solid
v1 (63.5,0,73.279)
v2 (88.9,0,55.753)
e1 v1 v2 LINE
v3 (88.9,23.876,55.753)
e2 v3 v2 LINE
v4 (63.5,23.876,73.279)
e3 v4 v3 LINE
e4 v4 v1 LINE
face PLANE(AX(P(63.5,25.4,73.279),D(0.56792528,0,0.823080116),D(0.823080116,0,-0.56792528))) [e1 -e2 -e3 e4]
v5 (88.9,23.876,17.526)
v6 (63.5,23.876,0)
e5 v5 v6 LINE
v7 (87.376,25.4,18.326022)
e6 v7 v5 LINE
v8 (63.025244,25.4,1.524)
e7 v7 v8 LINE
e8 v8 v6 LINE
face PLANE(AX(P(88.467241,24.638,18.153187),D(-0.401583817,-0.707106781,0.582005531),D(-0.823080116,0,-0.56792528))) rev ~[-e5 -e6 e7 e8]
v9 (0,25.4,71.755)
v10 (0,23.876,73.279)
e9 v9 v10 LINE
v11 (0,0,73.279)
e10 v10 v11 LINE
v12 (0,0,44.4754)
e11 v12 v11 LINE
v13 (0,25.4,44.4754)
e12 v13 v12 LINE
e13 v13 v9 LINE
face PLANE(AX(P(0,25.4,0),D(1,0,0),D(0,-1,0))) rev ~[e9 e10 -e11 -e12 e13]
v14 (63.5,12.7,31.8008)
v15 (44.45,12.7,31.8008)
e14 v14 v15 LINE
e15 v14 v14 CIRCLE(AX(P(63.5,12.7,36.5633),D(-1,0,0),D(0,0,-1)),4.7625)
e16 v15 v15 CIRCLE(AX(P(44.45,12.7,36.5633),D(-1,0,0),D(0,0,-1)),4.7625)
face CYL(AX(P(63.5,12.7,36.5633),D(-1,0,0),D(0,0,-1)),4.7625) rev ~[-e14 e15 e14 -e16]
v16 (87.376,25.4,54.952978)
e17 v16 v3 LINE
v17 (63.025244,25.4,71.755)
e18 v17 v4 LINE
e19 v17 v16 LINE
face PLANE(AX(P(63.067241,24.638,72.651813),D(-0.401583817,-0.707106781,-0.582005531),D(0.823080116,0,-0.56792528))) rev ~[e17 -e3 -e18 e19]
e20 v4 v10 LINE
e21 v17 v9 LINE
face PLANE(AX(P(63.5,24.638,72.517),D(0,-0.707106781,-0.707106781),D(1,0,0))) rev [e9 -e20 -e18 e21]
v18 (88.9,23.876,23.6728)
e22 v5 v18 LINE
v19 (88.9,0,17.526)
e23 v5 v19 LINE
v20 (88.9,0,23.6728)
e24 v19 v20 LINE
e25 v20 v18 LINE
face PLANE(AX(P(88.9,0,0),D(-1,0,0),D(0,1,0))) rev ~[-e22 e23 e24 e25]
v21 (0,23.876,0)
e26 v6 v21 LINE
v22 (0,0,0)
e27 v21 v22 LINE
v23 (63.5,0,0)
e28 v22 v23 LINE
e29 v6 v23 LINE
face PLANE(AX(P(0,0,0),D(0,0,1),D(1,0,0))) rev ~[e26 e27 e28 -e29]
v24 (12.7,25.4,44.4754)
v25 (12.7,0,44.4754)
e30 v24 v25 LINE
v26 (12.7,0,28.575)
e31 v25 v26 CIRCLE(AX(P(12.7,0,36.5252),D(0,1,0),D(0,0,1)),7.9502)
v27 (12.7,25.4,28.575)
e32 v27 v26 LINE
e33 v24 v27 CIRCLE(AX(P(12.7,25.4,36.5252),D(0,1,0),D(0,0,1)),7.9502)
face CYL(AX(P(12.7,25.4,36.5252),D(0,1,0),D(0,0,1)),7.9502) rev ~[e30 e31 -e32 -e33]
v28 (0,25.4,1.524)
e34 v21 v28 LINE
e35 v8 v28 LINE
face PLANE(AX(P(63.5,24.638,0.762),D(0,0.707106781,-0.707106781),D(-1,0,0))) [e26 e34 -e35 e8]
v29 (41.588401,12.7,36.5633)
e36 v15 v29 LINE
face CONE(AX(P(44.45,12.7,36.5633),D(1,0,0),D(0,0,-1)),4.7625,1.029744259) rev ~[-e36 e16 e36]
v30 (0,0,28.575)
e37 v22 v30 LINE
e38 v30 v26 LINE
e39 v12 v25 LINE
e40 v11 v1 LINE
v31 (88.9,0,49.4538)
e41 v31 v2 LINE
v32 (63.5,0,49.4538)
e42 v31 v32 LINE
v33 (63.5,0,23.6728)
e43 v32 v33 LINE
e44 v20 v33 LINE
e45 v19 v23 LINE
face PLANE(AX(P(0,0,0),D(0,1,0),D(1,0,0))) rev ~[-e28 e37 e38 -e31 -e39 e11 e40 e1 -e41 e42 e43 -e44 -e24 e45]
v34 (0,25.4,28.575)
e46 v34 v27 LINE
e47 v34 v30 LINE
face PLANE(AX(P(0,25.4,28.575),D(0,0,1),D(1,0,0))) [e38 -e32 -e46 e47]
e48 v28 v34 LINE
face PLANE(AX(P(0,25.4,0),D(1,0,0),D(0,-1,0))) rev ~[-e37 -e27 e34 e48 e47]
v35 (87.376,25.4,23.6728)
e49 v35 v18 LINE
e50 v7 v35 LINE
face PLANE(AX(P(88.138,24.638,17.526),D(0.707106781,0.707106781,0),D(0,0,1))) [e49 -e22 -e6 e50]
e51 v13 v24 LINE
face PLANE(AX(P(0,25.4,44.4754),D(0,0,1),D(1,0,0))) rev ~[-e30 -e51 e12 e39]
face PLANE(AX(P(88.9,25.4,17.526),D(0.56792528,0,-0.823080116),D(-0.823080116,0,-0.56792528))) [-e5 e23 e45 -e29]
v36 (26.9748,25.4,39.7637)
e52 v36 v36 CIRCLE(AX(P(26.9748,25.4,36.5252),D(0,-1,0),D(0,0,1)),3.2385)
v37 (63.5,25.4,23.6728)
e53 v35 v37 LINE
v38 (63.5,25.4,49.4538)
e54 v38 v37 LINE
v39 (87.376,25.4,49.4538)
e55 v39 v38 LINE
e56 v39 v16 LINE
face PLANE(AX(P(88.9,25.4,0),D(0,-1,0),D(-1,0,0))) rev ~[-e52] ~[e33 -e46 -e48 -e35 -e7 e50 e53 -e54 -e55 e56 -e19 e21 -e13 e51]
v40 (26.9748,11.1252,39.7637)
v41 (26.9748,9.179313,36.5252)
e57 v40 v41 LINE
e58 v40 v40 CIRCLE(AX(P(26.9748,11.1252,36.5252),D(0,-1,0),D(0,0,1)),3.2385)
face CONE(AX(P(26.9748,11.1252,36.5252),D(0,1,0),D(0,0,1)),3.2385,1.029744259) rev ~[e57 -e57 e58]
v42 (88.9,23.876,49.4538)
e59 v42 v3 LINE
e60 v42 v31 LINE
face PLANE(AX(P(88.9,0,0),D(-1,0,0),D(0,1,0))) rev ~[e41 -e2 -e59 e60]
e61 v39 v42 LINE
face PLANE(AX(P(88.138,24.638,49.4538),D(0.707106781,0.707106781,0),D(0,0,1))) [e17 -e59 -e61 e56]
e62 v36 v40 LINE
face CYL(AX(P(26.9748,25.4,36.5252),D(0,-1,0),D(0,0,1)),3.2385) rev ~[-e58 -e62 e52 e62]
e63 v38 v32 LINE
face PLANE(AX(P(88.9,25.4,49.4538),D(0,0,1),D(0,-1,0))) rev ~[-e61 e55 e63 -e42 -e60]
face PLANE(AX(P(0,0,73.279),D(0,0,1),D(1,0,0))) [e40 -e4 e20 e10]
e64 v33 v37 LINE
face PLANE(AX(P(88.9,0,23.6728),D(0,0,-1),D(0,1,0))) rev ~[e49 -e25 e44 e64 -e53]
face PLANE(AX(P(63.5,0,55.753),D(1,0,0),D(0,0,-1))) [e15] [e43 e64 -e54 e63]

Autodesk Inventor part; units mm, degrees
ref_plane "YZ Plane" through (0, 0, 0) normal (1, 0, 0) x (0, 1, 0)
ref_plane "XZ Plane" through (0, 0, 0) normal (0, 1, 0) x (-1, 0, 0)
ref_plane "XY Plane" through (0, 0, 0) normal (0, 0, 1) x (1, 0, 0)
sketch "Sketch1" plane through (0, 0, 0) normal (0, 0, 1) x (1, 0, 0)
  line L0 (0, 0) -> (88.9, 0)
  line L1 (88.9, 0) -> (88.9, 25.4)
  line L2 (88.9, 25.4) -> (0, 25.4)
  line L3 (0, 25.4) -> (0, 0)
  dimension "d0" = 25.4
  dimension "d1" = 88.9
extrude "Extrusion1" add sketch "Sketch1" along normal blind 73.279
sketch "Sketch2" plane through (0, 25.4, 0) normal (0, 1, 0) x (1, 0, 0)
  line L0 (0, -44.4754) -> (0, -28.575)
  line L1 (0, -28.575) -> (12.7, -28.575)
  line L2 (0, -44.4754) -> (12.7, -44.4754)
  arc A0 (12.7, -44.4754) -> (12.7, -28.575) centre (12.7, -36.5252) ccw
  line L3 (88.9, 0) -> (0, 0) projected
  line L4 (0, 0) -> (0, -73.279) projected
  dimension "d5" = 36.5252
  dimension "d6" = 7.9502
  dimension "d7" = 12.7
  dimension "d8" = 0
  dimension "d9" = 12.7
  dimension "d10" = 12.7
extrude "Extrusion2" cut sketch "Sketch2" against normal blind 73.279
sketch "Sketch3" plane through (0, 25.4, 0) normal (0, 1, 0) x (1, 0, 0)
  line L0 (0, -73.279) -> (88.9, -73.279) projected
  line L1 (63.5, -73.279) -> (88.9, -55.753)
  line L2 (88.9, 0) -> (88.9, -73.279) projected
  line L3 (88.9, -73.279) -> (63.5, -73.279)
  line L4 (88.9, -73.279) -> (88.9, -55.753)
  line L5 (63.5, 0) -> (88.9, 0)
  line L6 (88.9, 0) -> (0, 0) projected
  line L7 (88.9, -17.526) -> (63.5, 0)
  line L8 (88.9, -17.526) -> (88.9, 0)
  line L9 (0, -44.4754) -> (0, -73.279) projected
  line L10 (0, 0) -> (0, -28.575) projected
  dimension "d13" = 17.526
  dimension "d14" = 17.526
  dimension "d15" = 63.5
  dimension "d16" = 63.5
extrude "Extrusion3" cut sketch "Sketch3" against normal blind 73.279
sketch "Sketch4" plane through (88.9, 0, 55.753) normal (1, 0, 0) x (0, 0, -1)
  line L0 (0, 25.4) -> (0, 0) projected
  line L1 (55.753, 25.4) -> (27.178, 25.4) projected
  line L2 (6.2992, 0) -> (32.0802, 0)
  line L3 (32.0802, 0) -> (32.0802, 25.4)
  line L4 (32.0802, 25.4) -> (6.2992, 25.4)
  line L5 (6.2992, 25.4) -> (6.2992, 0)
  line L6 (-17.526, 0) -> (-17.526, 25.4) projected
  point P0 (55.753, 0)
  dimension "d19" = 25.781
  dimension "d20" = 23.8252
extrude "Extrusion4" cut sketch "Sketch4" against normal blind 25.4
chamfer "Chamfer1" distance 1.524 angle 45 6 edges at (31.75, 25.4, 73.279) (76.2, 25.4, 64.516) (88.9, 25.4, 52.6034) (88.9, 25.4, 20.5994) (76.2, 25.4, 8.763) (31.75, 25.4, 0)
sketch "Sketch5" plane through (0, 25.4, 28.575) normal (0, 1, 0) x (1, 0, 0)
  line L0 (0, 27.051) -> (0, 0) projected
  line L1 (63.5, 28.575) -> (0, 28.575) projected
  point P0 (26.9748, -7.9502)
  dimension "d26" = 26.9748
  dimension "d27" = 36.5252
hole "Hole1" at (26.9748, 25.4, 36.5252) direction (0, -1, 0) diameter 6.477 depth 14.2748 tip angle 118
sketch "Sketch6" plane through (63.5, 0, 55.753) normal (1, 0, 0) x (0, 0, -1)
  line L0 (6.2992, 25.4) -> (32.0802, 25.4) projected
  line L1 (6.2992, 0) -> (6.2992, 23.876) projected
  point P0 (55.753, 0)
  point P1 (19.1897, 12.7)
  dimension "d35" = 12.7
  dimension "d36" = 12.8905
hole "Hole2" at (63.5, 12.7, 36.5633) direction (-1, 0, 0) diameter 9.525 depth 19.05 tip angle 118
properties part number "7.2 Q6"
